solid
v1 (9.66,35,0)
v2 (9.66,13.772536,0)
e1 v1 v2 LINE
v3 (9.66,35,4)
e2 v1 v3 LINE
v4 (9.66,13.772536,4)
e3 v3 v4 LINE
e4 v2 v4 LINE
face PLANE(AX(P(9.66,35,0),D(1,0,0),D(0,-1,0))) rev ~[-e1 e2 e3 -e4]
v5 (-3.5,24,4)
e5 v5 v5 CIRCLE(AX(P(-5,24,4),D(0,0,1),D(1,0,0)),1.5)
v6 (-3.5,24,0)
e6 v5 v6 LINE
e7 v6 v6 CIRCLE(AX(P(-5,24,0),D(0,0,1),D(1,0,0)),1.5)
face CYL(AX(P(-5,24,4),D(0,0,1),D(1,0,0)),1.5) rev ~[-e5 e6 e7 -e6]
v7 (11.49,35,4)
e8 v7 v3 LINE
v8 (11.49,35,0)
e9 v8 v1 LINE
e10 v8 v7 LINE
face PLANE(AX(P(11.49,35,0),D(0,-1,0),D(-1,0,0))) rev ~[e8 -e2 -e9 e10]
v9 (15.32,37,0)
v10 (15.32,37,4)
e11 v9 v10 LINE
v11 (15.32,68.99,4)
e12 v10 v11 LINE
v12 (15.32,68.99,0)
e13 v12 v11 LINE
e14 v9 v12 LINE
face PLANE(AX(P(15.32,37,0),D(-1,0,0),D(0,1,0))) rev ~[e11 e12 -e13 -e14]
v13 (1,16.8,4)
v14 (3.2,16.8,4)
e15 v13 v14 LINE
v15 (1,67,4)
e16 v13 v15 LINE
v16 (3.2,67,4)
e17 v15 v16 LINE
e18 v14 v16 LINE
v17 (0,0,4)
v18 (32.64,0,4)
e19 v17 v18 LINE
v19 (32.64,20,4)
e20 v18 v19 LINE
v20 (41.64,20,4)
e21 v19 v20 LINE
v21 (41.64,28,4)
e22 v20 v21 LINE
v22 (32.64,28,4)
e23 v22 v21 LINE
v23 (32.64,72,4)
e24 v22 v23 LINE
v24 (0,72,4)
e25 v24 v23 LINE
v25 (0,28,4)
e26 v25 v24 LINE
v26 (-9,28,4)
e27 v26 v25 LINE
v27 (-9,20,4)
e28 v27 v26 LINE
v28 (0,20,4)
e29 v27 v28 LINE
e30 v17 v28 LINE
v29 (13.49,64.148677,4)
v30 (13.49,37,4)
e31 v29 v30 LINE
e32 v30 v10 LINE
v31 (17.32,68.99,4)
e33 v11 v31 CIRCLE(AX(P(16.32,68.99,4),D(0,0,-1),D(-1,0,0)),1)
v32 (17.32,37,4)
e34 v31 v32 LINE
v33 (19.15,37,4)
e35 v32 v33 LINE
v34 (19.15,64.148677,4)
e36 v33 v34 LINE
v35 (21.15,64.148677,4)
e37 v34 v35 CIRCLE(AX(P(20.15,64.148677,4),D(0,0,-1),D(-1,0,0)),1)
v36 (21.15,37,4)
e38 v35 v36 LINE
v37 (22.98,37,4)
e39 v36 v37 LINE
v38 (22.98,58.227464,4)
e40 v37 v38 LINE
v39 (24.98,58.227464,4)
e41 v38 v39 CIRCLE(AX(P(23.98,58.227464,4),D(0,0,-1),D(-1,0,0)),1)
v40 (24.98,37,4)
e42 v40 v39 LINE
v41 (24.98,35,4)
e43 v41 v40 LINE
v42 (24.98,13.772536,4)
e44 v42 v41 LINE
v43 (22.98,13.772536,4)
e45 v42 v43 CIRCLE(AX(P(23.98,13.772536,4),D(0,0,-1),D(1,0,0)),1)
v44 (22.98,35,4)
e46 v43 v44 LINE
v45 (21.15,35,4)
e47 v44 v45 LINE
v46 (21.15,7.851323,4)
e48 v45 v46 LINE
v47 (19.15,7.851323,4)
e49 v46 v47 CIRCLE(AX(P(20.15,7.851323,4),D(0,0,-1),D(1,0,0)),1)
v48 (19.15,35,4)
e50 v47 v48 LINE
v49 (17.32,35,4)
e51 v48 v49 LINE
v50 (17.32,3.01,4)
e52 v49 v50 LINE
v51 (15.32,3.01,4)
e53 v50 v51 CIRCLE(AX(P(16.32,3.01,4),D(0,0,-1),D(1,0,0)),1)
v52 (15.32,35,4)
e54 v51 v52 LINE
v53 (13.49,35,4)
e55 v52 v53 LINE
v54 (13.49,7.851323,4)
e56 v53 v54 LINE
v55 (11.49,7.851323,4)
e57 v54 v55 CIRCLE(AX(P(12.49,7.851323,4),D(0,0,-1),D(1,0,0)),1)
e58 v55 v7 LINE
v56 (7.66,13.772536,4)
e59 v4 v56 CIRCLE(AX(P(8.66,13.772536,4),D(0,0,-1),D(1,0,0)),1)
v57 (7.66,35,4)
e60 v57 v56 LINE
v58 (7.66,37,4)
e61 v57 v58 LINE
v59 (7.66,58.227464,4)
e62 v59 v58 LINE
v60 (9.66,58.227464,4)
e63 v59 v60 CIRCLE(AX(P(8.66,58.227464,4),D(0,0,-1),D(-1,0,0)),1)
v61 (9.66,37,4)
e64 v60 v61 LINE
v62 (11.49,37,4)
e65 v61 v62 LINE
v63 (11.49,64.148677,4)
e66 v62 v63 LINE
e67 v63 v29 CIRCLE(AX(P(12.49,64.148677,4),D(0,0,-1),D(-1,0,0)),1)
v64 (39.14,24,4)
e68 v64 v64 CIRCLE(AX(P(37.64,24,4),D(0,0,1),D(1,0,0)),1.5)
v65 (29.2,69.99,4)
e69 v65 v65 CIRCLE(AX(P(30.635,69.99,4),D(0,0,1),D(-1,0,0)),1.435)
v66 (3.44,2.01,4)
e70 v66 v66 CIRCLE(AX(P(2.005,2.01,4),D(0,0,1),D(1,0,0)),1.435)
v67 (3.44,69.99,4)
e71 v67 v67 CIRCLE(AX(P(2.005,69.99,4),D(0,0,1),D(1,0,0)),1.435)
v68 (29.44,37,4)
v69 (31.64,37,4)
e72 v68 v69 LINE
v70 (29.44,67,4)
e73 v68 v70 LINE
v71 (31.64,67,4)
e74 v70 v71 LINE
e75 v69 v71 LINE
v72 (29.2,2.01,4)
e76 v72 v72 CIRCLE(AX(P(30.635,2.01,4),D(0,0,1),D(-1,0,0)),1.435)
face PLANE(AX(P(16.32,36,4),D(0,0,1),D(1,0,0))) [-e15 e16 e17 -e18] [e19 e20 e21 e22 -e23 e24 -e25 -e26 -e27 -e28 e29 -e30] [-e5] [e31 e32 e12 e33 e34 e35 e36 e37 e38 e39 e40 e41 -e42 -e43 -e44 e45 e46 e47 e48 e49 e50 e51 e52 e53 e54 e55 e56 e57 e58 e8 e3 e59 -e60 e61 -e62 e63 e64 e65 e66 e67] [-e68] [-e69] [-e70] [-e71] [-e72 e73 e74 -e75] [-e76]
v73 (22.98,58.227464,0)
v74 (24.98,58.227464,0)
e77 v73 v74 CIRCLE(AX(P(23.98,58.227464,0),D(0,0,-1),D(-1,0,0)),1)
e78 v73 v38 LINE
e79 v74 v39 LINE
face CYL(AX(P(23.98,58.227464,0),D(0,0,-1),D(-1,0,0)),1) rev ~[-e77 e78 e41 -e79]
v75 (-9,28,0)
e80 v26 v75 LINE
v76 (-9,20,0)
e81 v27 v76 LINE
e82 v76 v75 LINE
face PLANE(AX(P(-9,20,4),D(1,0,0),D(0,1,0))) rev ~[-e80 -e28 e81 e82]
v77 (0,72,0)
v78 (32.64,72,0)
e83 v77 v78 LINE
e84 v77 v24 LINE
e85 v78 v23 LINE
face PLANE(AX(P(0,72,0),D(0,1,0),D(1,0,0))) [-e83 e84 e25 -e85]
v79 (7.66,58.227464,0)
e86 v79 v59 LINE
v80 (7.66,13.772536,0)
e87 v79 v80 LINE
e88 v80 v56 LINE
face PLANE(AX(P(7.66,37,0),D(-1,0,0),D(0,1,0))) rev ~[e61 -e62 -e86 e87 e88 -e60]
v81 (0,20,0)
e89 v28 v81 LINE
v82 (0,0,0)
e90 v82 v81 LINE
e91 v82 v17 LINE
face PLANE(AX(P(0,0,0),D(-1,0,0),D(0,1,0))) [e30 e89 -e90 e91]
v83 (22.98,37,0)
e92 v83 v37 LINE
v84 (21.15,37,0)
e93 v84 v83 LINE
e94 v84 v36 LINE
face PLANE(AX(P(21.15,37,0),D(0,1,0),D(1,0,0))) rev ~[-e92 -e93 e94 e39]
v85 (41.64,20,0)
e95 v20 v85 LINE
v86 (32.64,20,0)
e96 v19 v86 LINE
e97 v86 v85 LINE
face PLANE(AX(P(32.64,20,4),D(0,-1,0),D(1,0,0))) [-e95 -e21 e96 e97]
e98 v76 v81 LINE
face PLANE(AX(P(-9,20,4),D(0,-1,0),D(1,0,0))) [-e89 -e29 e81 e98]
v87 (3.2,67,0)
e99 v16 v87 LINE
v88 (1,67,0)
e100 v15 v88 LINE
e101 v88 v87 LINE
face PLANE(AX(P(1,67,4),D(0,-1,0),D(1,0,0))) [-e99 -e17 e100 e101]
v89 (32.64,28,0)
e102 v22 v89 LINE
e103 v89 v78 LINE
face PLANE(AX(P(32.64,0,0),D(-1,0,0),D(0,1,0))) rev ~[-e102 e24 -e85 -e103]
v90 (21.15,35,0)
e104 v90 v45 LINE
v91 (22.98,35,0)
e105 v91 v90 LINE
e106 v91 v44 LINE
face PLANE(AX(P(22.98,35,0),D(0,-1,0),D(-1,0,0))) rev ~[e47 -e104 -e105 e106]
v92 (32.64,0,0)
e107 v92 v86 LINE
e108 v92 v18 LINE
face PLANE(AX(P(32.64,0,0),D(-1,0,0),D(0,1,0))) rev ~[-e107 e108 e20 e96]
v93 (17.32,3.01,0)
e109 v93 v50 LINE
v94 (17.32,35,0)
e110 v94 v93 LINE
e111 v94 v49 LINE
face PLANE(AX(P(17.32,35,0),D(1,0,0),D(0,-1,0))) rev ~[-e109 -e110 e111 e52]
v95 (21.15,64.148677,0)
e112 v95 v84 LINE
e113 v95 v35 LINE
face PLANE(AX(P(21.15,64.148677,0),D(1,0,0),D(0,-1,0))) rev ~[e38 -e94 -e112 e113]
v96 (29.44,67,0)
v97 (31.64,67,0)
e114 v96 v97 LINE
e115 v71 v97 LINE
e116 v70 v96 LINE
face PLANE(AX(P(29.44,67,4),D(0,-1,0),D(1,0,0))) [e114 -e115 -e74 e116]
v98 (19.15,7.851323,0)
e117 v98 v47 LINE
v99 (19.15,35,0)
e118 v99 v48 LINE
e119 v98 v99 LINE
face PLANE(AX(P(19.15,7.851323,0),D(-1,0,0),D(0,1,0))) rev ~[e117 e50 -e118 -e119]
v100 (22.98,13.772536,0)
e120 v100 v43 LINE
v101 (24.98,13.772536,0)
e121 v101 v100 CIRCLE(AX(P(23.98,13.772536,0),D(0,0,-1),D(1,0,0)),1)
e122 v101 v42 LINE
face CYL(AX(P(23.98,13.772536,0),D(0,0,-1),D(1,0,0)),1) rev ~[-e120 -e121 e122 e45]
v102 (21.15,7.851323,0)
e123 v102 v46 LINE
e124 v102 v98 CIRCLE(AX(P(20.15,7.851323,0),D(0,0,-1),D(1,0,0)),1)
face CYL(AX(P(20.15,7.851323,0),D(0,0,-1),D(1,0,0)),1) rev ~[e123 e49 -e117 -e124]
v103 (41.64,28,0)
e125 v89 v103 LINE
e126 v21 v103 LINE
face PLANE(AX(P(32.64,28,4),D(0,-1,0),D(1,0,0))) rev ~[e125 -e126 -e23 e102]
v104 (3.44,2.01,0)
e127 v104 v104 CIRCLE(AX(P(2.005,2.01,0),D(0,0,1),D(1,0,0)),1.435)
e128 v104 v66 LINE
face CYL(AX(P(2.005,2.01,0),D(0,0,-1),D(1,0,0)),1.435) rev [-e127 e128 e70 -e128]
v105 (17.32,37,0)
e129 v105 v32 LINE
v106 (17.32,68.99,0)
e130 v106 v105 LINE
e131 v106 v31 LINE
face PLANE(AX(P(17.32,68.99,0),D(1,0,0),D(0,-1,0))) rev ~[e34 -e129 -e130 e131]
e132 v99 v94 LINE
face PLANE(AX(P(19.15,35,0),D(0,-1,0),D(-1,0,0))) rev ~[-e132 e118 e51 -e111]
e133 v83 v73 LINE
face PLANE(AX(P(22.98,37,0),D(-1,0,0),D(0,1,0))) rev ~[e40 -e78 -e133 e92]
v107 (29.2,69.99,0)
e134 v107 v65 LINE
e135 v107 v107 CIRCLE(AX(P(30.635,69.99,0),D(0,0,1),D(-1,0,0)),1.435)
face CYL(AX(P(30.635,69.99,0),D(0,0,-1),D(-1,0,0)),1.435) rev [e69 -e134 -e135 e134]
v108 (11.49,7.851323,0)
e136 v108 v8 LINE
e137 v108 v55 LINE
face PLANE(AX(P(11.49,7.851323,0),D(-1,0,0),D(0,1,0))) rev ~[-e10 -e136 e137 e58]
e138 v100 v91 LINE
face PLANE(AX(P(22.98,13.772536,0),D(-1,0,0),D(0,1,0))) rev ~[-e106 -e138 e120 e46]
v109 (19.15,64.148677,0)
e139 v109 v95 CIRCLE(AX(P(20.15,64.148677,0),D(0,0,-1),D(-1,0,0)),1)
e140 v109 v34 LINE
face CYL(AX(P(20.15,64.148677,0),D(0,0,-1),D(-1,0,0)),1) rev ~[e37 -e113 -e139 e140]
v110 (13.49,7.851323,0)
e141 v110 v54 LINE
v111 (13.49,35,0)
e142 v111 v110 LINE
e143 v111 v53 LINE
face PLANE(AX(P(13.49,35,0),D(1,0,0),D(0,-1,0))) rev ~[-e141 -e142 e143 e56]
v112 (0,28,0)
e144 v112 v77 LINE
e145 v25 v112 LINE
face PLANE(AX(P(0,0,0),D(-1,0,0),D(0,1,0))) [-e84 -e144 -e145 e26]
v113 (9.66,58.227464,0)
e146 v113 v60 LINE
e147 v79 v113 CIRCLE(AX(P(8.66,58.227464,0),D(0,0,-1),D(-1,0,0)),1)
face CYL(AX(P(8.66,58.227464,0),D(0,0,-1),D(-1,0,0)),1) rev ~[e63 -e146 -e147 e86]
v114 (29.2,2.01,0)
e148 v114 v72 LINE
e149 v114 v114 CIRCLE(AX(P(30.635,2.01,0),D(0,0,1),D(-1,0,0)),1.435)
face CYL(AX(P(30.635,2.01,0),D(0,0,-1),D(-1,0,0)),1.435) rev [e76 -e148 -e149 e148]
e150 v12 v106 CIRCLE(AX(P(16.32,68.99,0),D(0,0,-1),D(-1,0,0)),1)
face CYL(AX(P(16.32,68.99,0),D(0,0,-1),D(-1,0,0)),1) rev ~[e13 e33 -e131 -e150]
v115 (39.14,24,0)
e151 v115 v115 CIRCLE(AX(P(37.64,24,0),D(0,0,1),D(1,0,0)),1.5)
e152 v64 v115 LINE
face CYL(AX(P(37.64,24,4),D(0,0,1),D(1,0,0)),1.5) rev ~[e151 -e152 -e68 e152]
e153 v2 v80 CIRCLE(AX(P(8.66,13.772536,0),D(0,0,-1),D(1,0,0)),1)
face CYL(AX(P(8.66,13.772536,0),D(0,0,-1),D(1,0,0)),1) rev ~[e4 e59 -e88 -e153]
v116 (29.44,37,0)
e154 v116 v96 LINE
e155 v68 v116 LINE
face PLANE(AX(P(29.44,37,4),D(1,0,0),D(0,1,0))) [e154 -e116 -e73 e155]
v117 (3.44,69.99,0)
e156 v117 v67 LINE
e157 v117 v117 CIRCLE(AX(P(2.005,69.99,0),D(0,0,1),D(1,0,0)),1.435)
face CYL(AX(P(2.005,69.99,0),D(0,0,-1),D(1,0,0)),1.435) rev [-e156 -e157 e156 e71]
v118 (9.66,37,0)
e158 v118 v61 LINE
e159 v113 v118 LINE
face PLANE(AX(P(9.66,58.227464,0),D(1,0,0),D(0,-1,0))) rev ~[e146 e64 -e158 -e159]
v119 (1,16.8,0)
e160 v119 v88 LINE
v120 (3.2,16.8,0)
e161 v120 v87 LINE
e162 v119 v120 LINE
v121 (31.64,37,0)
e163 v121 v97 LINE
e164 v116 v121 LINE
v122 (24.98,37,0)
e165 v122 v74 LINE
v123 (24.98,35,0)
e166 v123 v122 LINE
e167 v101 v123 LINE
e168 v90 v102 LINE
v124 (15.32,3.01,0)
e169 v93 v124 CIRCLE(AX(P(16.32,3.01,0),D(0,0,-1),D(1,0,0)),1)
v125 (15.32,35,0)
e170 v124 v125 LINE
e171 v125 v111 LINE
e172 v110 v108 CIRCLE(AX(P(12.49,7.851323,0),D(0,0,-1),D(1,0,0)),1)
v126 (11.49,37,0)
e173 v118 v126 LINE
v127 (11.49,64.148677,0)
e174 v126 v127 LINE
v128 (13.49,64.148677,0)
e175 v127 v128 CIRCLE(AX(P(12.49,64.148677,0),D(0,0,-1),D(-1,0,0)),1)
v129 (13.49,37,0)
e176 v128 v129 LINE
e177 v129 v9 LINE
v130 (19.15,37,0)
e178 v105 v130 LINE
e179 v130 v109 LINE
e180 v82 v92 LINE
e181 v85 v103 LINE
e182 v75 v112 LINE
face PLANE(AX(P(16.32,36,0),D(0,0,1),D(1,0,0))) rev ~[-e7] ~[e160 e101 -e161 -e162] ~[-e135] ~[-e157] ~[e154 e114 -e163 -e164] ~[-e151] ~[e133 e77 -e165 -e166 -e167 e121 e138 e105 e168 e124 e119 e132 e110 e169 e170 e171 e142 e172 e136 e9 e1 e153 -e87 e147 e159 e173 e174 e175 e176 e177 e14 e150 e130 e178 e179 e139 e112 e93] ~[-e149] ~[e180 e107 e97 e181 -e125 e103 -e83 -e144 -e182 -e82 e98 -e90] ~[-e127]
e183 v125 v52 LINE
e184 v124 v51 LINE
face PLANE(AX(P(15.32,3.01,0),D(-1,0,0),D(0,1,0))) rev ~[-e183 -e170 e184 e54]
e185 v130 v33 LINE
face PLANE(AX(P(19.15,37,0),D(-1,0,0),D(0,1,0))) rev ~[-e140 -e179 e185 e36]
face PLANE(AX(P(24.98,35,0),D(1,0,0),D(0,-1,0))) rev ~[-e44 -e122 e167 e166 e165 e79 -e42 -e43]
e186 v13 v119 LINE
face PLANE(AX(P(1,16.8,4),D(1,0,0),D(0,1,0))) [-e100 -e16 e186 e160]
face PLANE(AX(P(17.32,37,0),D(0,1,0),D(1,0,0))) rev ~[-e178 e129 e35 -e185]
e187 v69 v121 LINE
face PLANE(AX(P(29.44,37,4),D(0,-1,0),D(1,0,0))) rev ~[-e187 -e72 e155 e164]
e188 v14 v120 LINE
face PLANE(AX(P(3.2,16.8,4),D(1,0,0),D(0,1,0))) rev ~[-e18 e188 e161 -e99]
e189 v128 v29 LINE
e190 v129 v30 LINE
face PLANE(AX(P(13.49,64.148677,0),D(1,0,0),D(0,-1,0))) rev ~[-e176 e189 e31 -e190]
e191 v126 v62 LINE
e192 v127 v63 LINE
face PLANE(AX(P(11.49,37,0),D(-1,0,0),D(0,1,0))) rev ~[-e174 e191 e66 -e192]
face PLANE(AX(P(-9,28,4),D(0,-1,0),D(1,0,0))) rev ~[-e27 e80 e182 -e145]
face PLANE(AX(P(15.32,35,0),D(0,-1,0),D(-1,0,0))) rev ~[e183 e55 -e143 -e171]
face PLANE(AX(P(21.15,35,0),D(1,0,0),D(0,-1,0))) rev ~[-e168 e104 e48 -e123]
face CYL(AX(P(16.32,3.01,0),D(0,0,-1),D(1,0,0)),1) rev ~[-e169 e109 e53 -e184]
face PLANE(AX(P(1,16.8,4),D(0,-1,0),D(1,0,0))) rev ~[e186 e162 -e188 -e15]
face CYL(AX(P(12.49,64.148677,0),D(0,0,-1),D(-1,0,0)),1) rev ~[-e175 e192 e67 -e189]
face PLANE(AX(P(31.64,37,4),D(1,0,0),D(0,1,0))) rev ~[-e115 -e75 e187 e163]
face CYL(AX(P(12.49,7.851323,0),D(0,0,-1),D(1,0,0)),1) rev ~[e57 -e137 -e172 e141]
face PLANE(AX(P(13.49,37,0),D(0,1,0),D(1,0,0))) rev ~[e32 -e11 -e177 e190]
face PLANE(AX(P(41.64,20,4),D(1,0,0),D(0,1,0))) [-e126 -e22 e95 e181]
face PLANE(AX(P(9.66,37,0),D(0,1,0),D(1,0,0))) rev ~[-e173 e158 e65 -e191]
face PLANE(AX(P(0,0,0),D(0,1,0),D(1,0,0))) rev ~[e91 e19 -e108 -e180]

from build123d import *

# Parameters (mm, degrees)
CROQUIS1_W              = 32.64
CROQUIS1_H              = 72
CROQUIS1_R              = 1.435
SALIENTE_EXTRUIR4_DEPTH = 4
CROQUIS3_W              = 9
CROQUIS3_H              = 8
CROQUIS3_R              = 1.5
SALIENTE_EXTRUIR5_DEPTH = 4
CROQUIS6_W              = 5.968272271
CROQUIS6_H              = 30
SALIENTE_EXTRUIR6_DEPTH = 4
CROQUIS5_W              = 2.2
CROQUIS5_H              = 50.2
CROQUIS5_H_2            = 30
CORTAR_EXTRUIR1_DEPTH   = 4


with BuildPart() as part:
    # Croquis1 → Saliente-Extruir4 (new body)
    with BuildSketch(Plane.XY):
        with Locations((16.32, 36)):
            Rectangle(CROQUIS1_W, CROQUIS1_H)
        with Locations((2.005, 69.99)):
            Circle(CROQUIS1_R, mode=Mode.SUBTRACT)
        with Locations((2.005, 2.01)):
            Circle(CROQUIS1_R, mode=Mode.SUBTRACT)
        with Locations(Location((30.635, 2.01, 0), (0, 0, 180))):
            Circle(CROQUIS1_R, mode=Mode.SUBTRACT)
        with Locations(Location((30.635, 69.99, 0), (0, 0, 180))):
            Circle(CROQUIS1_R, mode=Mode.SUBTRACT)
        with BuildLine():
            Line((15.32, 3.01), (15.32, 35))
            Line((15.32, 35), (13.49, 35))
            Line((13.49, 35), (13.49, 34))
            Line((13.49, 34), (13.49, 7.851322515))
            ThreePointArc((13.49, 7.851322515), (12.49, 6.851322515), (11.49, 7.851322515))
            Line((11.49, 7.851322515), (11.49, 34))
            Line((11.49, 34), (11.49, 35))
            Line((11.49, 35), (9.66, 35))
            Line((9.66, 35), (9.66, 34))
            Line((9.66, 34), (9.66, 13.772536222))
            ThreePointArc((9.66, 13.772536222), (8.66, 12.772536222), (7.66, 13.772536222))
            Line((7.66, 13.772536222), (7.66, 34))
            Line((7.66, 34), (7.66, 35))
            Line((7.66, 35), (5.83, 35))
            Line((5.83, 35), (5.83, 34))
            Line((5.83, 34), (5.83, 23.099052443))
            ThreePointArc((5.83, 23.099052443), (4.83, 22.099052443), (3.83, 23.099052443))
            Line((3.83, 23.099052443), (3.83, 34))
            Line((3.83, 34), (3.83, 35))
            Line((3.83, 35), (3.005, 35))
            ThreePointArc((3.005, 35), (2.005, 36), (3.005, 37))
            Line((3.005, 37), (3.83, 37))
            Line((3.83, 37), (3.83, 38))
            Line((3.83, 38), (3.83, 48.900947557))
            ThreePointArc((3.83, 48.900947557), (4.83, 49.900947557), (5.83, 48.900947557))
            Line((5.83, 48.900947557), (5.83, 38))
            Line((5.83, 38), (5.83, 37))
            Line((5.83, 37), (7.66, 37))
            Line((7.66, 37), (7.66, 38))
            Line((7.66, 38), (7.66, 58.227463778))
            ThreePointArc((7.66, 58.227463778), (8.66, 59.227463778), (9.66, 58.227463778))
            Line((9.66, 58.227463778), (9.66, 38))
            Line((9.66, 38), (9.66, 37))
            Line((9.66, 37), (11.49, 37))
            Line((11.49, 37), (11.49, 38))
            Line((11.49, 38), (11.49, 64.148677485))
            ThreePointArc((11.49, 64.148677485), (12.49, 65.148677485), (13.49, 64.148677485))
            Line((13.49, 64.148677485), (13.49, 38))
            Line((13.49, 38), (13.49, 37))
            Line((13.49, 37), (15.32, 37))
            Line((15.32, 37), (15.32, 68.99))
            ThreePointArc((15.32, 68.99), (16.32, 69.99), (17.32, 68.99))
            Line((17.32, 68.99), (17.32, 37))
            Line((17.32, 37), (19.15, 37))
            Line((19.15, 37), (19.15, 38))
            Line((19.15, 38), (19.15, 64.148677485))
            ThreePointArc((19.15, 64.148677485), (20.15, 65.148677485), (21.15, 64.148677485))
            Line((21.15, 64.148677485), (21.15, 38))
            Line((21.15, 38), (21.15, 37))
            Line((21.15, 37), (22.98, 37))
            Line((22.98, 37), (22.98, 38))
            Line((22.98, 38), (22.98, 58.227463778))
            ThreePointArc((22.98, 58.227463778), (23.98, 59.227463778), (24.98, 58.227463778))
            Line((24.98, 58.227463778), (24.98, 38))
            Line((24.98, 38), (24.98, 37))
            Line((24.98, 37), (26.81, 37))
            Line((26.81, 37), (26.81, 38))
            Line((26.81, 38), (26.81, 48.900947557))
            ThreePointArc((26.81, 48.900947557), (27.81, 49.900947557), (28.81, 48.900947557))
            Line((28.81, 48.900947557), (28.81, 38))
            Line((28.81, 38), (28.81, 37))
            Line((28.81, 37), (29.635, 37))
            ThreePointArc((29.635, 37), (30.635, 36), (29.635, 35))
            Line((29.635, 35), (28.81, 35))
            Line((28.81, 35), (28.81, 34))
            Line((28.81, 34), (28.81, 23.099052443))
            ThreePointArc((28.81, 23.099052443), (27.81, 22.099052443), (26.81, 23.099052443))
            Line((26.81, 23.099052443), (26.81, 34))
            Line((26.81, 34), (26.81, 35))
            Line((26.81, 35), (24.98, 35))
            Line((24.98, 35), (24.98, 34))
            Line((24.98, 34), (24.98, 13.772536222))
            ThreePointArc((24.98, 13.772536222), (23.98, 12.772536222), (22.98, 13.772536222))
            Line((22.98, 13.772536222), (22.98, 34))
            Line((22.98, 34), (22.98, 35))
            Line((22.98, 35), (21.15, 35))
            Line((21.15, 35), (21.15, 34))
            Line((21.15, 34), (21.15, 7.851322515))
            ThreePointArc((21.15, 7.851322515), (20.15, 6.851322515), (19.15, 7.851322515))
            Line((19.15, 7.851322515), (19.15, 34))
            Line((19.15, 34), (19.15, 35))
            Line((19.15, 35), (17.32, 35))
            Line((17.32, 35), (17.32, 3.01))
            ThreePointArc((17.32, 3.01), (16.32, 2.01), (15.32, 3.01))
        make_face(mode=Mode.SUBTRACT)
    extrude(amount=SALIENTE_EXTRUIR4_DEPTH)

    # Croquis3 → Saliente-Extruir5 (add)
    # profile 1 of 2: a face of its own
    with BuildSketch(Plane.XY.offset(4)):
        with Locations((-4.5, 24)):
            Rectangle(CROQUIS3_W, CROQUIS3_H)
        with Locations((-5, 24)):
            Circle(CROQUIS3_R, mode=Mode.SUBTRACT)
    # profile 2 of 2: a face of its own
    with BuildSketch(Plane.XY.offset(4)):
        with Locations((37.14, 24)):
            Rectangle(CROQUIS3_W, CROQUIS3_H)
        with Locations((37.64, 24)):
            Circle(CROQUIS3_R, mode=Mode.SUBTRACT)
    extrude(amount=-SALIENTE_EXTRUIR5_DEPTH)

    # Croquis6 → Saliente-Extruir6 (add)
    with BuildSketch(Plane.XY.offset(4)):
        with Locations((4.675863865, 36)):
            Rectangle(CROQUIS6_W, CROQUIS6_H)
        with Locations((27.964136135, 36)):
            Rectangle(CROQUIS6_W, CROQUIS6_H)
    extrude(amount=-SALIENTE_EXTRUIR6_DEPTH)

    # Croquis5 → Cortar-Extruir1 (cut)
    with BuildSketch(Plane.XY.offset(4)):
        with Locations((2.1, 41.9)):
            Rectangle(CROQUIS5_W, CROQUIS5_H)
        with Locations((30.54, 52)):
            Rectangle(CROQUIS5_W, CROQUIS5_H_2)
    extrude(amount=-CORTAR_EXTRUIR1_DEPTH, mode=Mode.SUBTRACT)


solid = part.part
